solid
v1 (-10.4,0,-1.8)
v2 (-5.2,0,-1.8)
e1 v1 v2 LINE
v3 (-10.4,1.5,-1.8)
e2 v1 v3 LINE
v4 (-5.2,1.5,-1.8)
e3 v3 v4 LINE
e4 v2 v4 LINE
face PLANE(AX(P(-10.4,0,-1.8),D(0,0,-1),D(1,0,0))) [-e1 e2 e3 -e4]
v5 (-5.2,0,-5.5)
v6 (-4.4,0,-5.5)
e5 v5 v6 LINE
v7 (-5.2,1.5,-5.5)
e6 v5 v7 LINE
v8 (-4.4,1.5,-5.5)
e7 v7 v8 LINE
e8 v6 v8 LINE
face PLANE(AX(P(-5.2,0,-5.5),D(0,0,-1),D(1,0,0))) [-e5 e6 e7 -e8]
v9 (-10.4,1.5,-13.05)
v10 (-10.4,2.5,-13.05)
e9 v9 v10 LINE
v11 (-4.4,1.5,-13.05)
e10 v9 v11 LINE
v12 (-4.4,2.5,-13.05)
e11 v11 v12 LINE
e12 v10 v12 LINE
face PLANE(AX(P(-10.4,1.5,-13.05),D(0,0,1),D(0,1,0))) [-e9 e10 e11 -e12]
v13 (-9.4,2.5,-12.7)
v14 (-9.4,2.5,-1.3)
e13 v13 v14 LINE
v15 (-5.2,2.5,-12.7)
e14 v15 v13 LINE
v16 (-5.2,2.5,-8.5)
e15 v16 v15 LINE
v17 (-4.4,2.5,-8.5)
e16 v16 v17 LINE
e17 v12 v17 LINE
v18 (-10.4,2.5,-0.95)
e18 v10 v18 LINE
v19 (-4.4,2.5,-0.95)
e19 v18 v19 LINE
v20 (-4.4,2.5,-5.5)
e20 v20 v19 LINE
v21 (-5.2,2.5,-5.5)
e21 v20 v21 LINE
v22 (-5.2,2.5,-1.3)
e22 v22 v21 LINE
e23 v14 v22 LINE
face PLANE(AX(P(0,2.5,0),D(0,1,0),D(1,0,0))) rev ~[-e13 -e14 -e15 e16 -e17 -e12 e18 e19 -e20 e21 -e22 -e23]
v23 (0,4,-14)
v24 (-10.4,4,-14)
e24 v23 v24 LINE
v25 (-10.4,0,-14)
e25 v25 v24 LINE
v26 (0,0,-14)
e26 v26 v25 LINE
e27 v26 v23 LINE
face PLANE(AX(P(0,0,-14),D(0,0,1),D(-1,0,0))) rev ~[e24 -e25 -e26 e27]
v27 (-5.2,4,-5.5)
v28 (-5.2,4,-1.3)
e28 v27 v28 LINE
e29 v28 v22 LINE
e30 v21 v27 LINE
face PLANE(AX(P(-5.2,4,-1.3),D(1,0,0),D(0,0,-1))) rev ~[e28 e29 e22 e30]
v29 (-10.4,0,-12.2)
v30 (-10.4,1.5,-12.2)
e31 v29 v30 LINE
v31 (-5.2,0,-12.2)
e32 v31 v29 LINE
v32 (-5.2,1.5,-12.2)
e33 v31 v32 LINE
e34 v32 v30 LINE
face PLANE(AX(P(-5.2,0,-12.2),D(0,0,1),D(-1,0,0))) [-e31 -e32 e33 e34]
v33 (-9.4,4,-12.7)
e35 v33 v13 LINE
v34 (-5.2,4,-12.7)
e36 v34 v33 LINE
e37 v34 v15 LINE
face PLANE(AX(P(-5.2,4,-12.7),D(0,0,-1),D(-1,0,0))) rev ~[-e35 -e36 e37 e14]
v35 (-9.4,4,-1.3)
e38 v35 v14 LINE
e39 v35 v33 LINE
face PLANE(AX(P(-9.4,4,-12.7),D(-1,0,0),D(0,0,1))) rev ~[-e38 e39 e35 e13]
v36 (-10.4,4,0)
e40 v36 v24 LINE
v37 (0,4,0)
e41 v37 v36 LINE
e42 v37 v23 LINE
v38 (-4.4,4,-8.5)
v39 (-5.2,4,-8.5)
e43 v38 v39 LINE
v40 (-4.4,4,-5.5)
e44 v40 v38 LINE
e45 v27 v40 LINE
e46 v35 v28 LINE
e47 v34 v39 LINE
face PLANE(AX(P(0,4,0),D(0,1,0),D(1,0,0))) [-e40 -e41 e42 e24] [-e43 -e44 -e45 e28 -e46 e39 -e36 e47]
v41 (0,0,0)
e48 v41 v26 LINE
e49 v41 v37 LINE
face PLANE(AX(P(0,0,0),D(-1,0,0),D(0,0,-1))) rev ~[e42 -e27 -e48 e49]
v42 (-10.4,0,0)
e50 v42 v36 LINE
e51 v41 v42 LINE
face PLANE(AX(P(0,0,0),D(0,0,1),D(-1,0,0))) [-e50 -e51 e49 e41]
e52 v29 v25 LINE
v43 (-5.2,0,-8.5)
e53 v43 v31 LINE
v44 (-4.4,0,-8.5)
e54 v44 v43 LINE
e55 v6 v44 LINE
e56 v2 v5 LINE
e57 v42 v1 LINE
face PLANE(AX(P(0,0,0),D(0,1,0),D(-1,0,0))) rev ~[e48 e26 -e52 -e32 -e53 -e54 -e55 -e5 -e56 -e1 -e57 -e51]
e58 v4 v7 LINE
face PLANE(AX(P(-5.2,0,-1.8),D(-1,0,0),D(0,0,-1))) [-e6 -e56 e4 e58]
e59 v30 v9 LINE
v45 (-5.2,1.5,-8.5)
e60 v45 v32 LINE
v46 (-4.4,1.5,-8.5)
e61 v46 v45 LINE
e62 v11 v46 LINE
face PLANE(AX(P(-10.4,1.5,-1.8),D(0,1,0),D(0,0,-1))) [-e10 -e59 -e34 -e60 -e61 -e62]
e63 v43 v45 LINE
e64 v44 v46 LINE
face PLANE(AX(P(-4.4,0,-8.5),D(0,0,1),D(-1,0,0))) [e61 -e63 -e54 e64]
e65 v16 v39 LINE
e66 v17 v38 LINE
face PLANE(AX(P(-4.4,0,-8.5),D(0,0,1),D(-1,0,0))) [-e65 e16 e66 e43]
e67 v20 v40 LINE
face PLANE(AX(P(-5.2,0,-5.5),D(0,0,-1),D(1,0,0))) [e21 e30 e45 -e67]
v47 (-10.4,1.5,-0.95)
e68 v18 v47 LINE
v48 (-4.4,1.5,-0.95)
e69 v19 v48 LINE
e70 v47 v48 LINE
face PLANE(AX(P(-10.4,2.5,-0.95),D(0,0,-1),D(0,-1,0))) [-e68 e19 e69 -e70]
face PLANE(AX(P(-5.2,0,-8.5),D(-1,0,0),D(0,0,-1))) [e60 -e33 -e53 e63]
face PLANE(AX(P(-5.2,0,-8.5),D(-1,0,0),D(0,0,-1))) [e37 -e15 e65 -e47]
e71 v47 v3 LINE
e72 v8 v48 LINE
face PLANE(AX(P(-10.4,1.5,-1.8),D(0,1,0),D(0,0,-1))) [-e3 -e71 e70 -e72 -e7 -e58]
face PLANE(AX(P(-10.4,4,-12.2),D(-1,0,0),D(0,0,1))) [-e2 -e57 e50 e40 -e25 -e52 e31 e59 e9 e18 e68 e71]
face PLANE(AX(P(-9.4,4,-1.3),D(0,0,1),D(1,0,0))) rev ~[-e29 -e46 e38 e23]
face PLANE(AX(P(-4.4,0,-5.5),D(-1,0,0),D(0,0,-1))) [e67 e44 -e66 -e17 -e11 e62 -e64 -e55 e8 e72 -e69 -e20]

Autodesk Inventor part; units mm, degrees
ref_plane "YZ Plane" through (0, 0, 0) normal (1, 0, 0) x (0, 1, 0)
ref_plane "XZ Plane" through (0, 0, 0) normal (0, 1, 0) x (-1, 0, 0)
ref_plane "XY Plane" through (0, 0, 0) normal (0, 0, 1) x (1, 0, 0)
sketch "스케치1" plane through (0, 0, 0) normal (0, 1, 0) x (-1, 0, 0)
  line L0 (0, 0) -> (0, -14)
  line L1 (0, -14) -> (10.4, -14)
  line L2 (0, 0) -> (10.4, 0)
  line L3 (10.4, 0) -> (10.4, -1.8)
  line L4 (10.4, -1.8) -> (5.2, -1.8)
  line L5 (5.2, -1.8) -> (5.2, -5.5)
  line L6 (5.2, -5.5) -> (4.4, -5.5)
  line L7 (4.4, -5.5) -> (4.4, -8.5)
  line L8 (4.4, -8.5) -> (5.2, -8.5)
  line L9 (5.2, -8.5) -> (5.2, -12.2)
  line L10 (5.2, -12.2) -> (10.4, -12.2)
  line L11 (10.4, -12.2) -> (10.4, -14)
  line L12 (10.4, -0.95) -> (4.4, -0.95) construction
  line L13 (4.4, -0.95) -> (4.4, -13.05) construction
  line L14 (4.4, -13.05) -> (10.4, -13.05) construction
  dimension "d0" = 14
  dimension "d2" = 10.4
  dimension "d3" = 1.8
  dimension "d5" = 3.7
  dimension "d6" = 0.8
  dimension "d7" = 3
  dimension "d8" = 0.8
  dimension "d9" = 3.7
  dimension "d47" = 12.1
  dimension "d48" = 0.85
  dimension "d49" = 0.85
  dimension "d63" = 6
extrude "돌출1" add sketch "스케치1" along normal blind 4
sketch "스케치9" plane through (-10.4, 0, -14) normal (-1, 0, 0) x (0, 0, 1)
  line L0 (12.2, 0) -> (14, 0) projected
  line L1 (14, 0) -> (14, 4) projected
  line L2 (12.2, 4) -> (14, 4) projected
  line L3 (12.2, 0) -> (12.2, 4) projected
  line L4 (0, 0) -> (1.8, 0) projected
  line L5 (1.8, 0) -> (1.8, 4) projected
  line L6 (0, 4) -> (1.8, 4) projected
  line L7 (0, 0) -> (0, 4) projected
  line L8 (13.05, 1.5) -> (0.95, 1.5)
  line L9 (0.95, 1.5) -> (0.95, 2.5)
  line L10 (0.95, 2.5) -> (13.05, 2.5)
  line L11 (13.05, 2.5) -> (13.05, 1.5)
  dimension "d55" = 0.95
  dimension "d56" = 0.95
  dimension "d60" = 1
  dimension "d61" = 1.5
  dimension "d62" = 1.5
  dimension "d71" = 12.1
extrude "돌출9" cut sketch "스케치9" against normal blind 6 contours L8 L5 L10 L3 | L3 L10 L11 L8 | L8 L9 L10 L5
sketch "스케치10" plane through (0, 4, 0) normal (0, 1, 0) x (1, 0, 0)
  line L0 (0, 0) -> (0, 14) projected
  line L1 (0, 14) -> (-10.4, 14) projected
  line L2 (-10.4, 14) -> (-10.4, 12.2) projected
  line L3 (-10.4, 12.2) -> (-5.2, 12.2) projected
  line L4 (-5.2, 12.2) -> (-5.2, 8.5) projected
  line L5 (-5.2, 8.5) -> (-4.4, 8.5) projected
  line L6 (-4.4, 8.5) -> (-4.4, 5.5) projected
  line L7 (-4.4, 5.5) -> (-5.2, 5.5) projected
  line L8 (-5.2, 5.5) -> (-5.2, 1.8) projected
  line L9 (-5.2, 1.8) -> (-10.4, 1.8) projected
  line L10 (-10.4, 1.8) -> (-10.4, 0) projected
  line L11 (-10.4, 0) -> (0, 0) projected
  line L12 (-5.2, 1.8) -> (-10.4, 1.8) projected
  line L13 (-5.2, 12.2) -> (-10.4, 12.2) projected
  line L14 (-10.4, 1.8) -> (-9.4, 1.8)
  line L15 (-9.4, 1.8) -> (-9.4, 12.2)
  line L16 (-9.4, 12.2) -> (-10.4, 12.2)
  line L17 (-10.4, 12.2) -> (-10.4, 1.8)
  point P0 (-9.4, 1.8)
  point P1 (-9.4, 12.2)
  dimension "d64" = 1
extrude "돌출10" add sketch "스케치10" against normal up to surface (1.5 mm away) contours L17 L3 L15 L9
sketch "스케치11" plane through (0, 4, 0) normal (0, 1, 0) x (1, 0, 0)
  line L0 (-9.4, 1.3) -> (-5.2, 1.3)
  line L1 (-5.2, 1.3) -> (-5.2, 12.7)
  line L2 (-5.2, 12.7) -> (-9.4, 12.7)
  line L3 (-9.4, 12.7) -> (-9.4, 1.3)
  line L4 (-9.4, 1.8) -> (-9.4, 12.2) projected
  line L5 (-5.2, 12.2) -> (-5.2, 8.5) projected
  line L6 (-5.2, 1.8) -> (-9.4, 1.8) projected
  line L7 (-9.4, 12.2) -> (-5.2, 12.2) projected
  point P0 (0, 0)
  point P1 (-5.2, 12.2)
  dimension "d67" = 0.5
  dimension "d68" = 0.5
extrude "돌출11" cut sketch "스케치11" against normal up to surface (1.5 mm away) contours L3 L6 L1 L0 | L3 L2 L1 L7
equation "\"d5\" = d9"
equation "\"d9\" = 0.5 * d0 - 0.5 * d7 - d3"
equation "\"d48\" = d49"
equation "\"d55\" = d56"
equation "\"d61\" = d62"
properties part number "_3D 인쇄"
